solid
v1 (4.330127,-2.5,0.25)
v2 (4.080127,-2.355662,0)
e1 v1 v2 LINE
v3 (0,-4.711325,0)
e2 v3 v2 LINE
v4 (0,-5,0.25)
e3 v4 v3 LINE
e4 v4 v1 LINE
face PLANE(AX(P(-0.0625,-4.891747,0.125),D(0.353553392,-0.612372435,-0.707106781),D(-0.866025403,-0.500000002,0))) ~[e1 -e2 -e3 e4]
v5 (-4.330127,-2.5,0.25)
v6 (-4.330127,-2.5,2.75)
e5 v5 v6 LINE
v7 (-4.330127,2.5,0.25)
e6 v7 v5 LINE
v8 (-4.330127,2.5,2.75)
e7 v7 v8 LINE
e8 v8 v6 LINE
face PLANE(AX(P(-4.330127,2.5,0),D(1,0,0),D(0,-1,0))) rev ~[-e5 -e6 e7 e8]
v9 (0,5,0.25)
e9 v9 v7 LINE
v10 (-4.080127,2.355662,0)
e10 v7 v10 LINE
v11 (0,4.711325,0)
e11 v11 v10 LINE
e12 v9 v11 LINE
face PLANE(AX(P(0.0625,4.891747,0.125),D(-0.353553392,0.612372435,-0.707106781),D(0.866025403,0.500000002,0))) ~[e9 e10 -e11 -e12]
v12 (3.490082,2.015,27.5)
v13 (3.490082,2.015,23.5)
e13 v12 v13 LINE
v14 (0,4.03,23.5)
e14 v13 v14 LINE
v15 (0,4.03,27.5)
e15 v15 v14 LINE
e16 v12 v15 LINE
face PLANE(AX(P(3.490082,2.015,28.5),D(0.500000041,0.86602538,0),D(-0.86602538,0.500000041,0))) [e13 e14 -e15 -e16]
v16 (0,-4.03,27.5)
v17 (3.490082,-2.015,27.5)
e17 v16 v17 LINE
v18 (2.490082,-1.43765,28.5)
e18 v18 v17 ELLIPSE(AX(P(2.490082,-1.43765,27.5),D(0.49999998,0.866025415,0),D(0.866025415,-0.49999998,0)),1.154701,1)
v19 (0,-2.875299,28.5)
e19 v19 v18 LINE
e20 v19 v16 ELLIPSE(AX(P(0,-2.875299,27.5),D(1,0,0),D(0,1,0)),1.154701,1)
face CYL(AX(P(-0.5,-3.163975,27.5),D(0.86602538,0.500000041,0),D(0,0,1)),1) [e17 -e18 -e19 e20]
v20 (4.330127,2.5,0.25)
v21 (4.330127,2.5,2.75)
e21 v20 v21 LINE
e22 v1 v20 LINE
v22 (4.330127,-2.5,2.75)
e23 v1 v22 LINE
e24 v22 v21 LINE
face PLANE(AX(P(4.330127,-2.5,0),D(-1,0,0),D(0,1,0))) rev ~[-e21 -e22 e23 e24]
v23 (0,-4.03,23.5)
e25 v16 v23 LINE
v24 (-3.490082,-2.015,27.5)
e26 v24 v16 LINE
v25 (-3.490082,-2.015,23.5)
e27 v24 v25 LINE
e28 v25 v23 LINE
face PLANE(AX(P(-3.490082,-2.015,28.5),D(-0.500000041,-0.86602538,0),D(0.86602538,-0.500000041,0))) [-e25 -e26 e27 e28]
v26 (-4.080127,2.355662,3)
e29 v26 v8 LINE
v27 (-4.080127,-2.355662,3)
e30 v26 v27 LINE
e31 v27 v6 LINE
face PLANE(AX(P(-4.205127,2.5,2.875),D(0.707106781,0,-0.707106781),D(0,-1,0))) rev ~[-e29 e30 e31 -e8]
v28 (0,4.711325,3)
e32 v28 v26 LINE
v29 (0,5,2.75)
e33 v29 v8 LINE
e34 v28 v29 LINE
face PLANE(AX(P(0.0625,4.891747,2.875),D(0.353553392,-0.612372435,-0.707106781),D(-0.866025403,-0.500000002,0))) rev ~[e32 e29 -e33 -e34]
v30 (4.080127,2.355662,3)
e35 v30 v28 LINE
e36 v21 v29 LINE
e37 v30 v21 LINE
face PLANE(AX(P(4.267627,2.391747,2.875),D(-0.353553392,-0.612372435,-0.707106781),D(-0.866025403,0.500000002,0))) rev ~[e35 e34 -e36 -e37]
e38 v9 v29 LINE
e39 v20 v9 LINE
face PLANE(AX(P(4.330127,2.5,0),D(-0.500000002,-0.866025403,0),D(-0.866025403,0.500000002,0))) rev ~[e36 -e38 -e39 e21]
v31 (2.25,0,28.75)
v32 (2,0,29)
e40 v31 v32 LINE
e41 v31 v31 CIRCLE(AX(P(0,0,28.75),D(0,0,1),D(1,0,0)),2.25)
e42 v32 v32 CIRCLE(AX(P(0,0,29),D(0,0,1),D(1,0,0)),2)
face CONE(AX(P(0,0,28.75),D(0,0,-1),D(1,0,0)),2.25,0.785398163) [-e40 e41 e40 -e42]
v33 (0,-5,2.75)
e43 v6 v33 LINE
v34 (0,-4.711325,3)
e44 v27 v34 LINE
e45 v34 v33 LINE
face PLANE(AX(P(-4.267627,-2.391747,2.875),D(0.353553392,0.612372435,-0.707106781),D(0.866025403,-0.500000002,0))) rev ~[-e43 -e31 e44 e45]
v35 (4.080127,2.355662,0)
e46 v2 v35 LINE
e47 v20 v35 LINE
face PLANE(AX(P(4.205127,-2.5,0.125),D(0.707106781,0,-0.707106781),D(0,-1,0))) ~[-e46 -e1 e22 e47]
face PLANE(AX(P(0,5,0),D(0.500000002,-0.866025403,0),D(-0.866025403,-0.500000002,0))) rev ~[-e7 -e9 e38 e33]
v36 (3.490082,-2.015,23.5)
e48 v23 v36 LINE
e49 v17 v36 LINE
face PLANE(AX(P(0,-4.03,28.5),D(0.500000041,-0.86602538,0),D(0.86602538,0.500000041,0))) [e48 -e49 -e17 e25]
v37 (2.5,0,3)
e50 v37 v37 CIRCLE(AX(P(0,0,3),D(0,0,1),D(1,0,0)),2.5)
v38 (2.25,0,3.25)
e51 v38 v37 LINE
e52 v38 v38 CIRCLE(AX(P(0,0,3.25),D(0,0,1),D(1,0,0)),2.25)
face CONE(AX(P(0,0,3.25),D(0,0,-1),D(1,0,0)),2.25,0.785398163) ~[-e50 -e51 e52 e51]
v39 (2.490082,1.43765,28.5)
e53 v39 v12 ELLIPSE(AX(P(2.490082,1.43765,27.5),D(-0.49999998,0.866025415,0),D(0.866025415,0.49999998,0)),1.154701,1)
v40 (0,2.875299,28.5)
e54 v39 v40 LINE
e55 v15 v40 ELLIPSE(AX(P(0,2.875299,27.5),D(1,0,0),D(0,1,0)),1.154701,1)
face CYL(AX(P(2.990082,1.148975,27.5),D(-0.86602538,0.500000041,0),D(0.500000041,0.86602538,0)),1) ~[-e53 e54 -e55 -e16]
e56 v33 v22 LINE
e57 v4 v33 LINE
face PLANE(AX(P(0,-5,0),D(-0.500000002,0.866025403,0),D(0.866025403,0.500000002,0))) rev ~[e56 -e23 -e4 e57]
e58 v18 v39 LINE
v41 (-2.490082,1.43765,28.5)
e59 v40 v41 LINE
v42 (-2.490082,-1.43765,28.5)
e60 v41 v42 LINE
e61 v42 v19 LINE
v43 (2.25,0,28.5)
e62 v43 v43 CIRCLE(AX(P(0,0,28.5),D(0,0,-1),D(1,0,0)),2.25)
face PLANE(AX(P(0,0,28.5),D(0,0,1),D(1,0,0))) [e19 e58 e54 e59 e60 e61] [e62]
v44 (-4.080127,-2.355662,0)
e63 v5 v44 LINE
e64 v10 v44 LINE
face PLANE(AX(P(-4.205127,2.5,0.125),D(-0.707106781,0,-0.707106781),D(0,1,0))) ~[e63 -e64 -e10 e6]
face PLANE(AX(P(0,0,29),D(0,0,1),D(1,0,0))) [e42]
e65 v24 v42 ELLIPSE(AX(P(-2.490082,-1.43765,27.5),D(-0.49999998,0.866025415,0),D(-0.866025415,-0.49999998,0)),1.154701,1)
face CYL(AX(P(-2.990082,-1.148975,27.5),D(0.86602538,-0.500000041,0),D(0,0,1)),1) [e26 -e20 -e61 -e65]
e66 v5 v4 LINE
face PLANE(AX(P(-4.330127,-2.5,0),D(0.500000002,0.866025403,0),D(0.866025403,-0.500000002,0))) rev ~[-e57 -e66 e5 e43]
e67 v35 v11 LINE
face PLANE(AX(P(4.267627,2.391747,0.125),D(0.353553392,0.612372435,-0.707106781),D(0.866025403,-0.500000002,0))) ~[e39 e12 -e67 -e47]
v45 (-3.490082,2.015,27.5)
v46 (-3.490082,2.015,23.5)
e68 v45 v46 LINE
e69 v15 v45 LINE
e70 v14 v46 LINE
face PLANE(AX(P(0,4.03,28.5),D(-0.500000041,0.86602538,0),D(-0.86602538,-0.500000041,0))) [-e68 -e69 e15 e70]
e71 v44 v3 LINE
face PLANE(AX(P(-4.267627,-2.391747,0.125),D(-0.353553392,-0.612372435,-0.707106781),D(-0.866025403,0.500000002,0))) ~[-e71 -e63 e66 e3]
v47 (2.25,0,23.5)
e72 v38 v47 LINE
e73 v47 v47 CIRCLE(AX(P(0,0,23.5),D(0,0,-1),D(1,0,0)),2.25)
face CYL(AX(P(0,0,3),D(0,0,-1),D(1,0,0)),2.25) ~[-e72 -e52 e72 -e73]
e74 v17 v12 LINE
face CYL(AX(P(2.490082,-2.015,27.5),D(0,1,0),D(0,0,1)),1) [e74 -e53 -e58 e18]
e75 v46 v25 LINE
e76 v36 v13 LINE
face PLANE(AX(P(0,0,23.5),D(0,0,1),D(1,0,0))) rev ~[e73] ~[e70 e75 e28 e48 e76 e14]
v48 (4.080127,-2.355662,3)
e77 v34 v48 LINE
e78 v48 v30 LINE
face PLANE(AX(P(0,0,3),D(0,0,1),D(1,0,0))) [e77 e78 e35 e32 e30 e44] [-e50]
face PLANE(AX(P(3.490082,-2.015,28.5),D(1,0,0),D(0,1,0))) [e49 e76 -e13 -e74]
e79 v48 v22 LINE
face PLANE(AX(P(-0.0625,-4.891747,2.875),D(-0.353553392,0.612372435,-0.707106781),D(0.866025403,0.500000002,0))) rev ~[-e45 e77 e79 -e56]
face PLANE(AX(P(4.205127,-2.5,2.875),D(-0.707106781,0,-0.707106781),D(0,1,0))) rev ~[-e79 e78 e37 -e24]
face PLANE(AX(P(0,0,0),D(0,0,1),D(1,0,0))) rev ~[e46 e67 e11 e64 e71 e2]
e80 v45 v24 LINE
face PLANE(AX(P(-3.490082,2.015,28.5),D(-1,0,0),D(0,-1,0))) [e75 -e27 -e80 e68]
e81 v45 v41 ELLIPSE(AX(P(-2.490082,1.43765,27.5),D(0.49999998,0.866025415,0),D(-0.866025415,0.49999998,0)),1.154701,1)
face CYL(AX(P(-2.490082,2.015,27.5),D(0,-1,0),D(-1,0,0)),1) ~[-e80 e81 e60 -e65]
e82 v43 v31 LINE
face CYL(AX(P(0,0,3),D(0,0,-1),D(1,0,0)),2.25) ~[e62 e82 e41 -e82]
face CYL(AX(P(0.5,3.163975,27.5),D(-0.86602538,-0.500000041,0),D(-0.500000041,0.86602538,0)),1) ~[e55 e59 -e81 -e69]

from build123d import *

# Parameters (mm, degrees)
PAD_DEPTH    = 3
SKETCH001_R  = 2.25
PAD001_DEPTH = 26
PAD002_START = -0.5
PAD002_DEPTH = 5
FILLET_R     = 1
CHAMFER_SIZE = 0.25


with BuildPart() as part:
    # Sketch → Pad (new body)
    with BuildSketch(Plane.XY):
        Polygon((0, 5), (-4.330127, 2.5), (-4.330127, -2.5), (0, -5), (4.330127, -2.5), (4.330127, 2.5), align=None)
    extrude(amount=PAD_DEPTH)

    # Sketch001 (on Face8 of Pad) → Pad001 (join)
    with BuildSketch(Plane.XY.offset(3)):
        Circle(SKETCH001_R)
    extrude(amount=PAD001_DEPTH)

    # Sketch002 (on Face10 of Pad001) → Pad002 (join)
    with BuildSketch(Plane.XY.offset(29).offset(PAD002_START)):
        Polygon((0, 4.03), (-3.490082, 2.015), (-3.490082, -2.015), (0, -4.03), (3.490082, -2.015), (3.490082, 2.015), align=None)
    extrude(amount=-PAD002_DEPTH)

    # Fillet
    fillet_edges = [part.edges().sort_by_distance(p)[0] for p in [
        (1.745041, -3.0225, 28.5),
        (3.490082, 0, 28.5),
        (1.745041, 3.0225, 28.5),
        (-1.745041, 3.0225, 28.5),
        (-3.490082, 0, 28.5),
        (-1.745041, -3.0225, 28.5),
    ]]
    fillet(fillet_edges, radius=FILLET_R)

    # Chamfer
    chamfer_edges = [part.edges().sort_by_distance(p)[0] for p in [
        (-2.165064, 3.75, 0),
        (-4.330127, 0, 0),
        (-2.165064, -3.75, 0),
        (2.165064, -3.75, 0),
        (4.330127, 0, 0),
        (2.165064, 3.75, 0),
        (-2.165064, 3.75, 3),
        (2.165064, 3.75, 3),
        (-4.330127, 0, 3),
        (4.330127, 0, 3),
        (-2.165064, -3.75, 3),
        (2.165064, -3.75, 3),
        (-2.25, 0, 3),
        (-2.25, 0, 29),
    ]]
    chamfer(chamfer_edges, length=CHAMFER_SIZE)


solid = part.part
